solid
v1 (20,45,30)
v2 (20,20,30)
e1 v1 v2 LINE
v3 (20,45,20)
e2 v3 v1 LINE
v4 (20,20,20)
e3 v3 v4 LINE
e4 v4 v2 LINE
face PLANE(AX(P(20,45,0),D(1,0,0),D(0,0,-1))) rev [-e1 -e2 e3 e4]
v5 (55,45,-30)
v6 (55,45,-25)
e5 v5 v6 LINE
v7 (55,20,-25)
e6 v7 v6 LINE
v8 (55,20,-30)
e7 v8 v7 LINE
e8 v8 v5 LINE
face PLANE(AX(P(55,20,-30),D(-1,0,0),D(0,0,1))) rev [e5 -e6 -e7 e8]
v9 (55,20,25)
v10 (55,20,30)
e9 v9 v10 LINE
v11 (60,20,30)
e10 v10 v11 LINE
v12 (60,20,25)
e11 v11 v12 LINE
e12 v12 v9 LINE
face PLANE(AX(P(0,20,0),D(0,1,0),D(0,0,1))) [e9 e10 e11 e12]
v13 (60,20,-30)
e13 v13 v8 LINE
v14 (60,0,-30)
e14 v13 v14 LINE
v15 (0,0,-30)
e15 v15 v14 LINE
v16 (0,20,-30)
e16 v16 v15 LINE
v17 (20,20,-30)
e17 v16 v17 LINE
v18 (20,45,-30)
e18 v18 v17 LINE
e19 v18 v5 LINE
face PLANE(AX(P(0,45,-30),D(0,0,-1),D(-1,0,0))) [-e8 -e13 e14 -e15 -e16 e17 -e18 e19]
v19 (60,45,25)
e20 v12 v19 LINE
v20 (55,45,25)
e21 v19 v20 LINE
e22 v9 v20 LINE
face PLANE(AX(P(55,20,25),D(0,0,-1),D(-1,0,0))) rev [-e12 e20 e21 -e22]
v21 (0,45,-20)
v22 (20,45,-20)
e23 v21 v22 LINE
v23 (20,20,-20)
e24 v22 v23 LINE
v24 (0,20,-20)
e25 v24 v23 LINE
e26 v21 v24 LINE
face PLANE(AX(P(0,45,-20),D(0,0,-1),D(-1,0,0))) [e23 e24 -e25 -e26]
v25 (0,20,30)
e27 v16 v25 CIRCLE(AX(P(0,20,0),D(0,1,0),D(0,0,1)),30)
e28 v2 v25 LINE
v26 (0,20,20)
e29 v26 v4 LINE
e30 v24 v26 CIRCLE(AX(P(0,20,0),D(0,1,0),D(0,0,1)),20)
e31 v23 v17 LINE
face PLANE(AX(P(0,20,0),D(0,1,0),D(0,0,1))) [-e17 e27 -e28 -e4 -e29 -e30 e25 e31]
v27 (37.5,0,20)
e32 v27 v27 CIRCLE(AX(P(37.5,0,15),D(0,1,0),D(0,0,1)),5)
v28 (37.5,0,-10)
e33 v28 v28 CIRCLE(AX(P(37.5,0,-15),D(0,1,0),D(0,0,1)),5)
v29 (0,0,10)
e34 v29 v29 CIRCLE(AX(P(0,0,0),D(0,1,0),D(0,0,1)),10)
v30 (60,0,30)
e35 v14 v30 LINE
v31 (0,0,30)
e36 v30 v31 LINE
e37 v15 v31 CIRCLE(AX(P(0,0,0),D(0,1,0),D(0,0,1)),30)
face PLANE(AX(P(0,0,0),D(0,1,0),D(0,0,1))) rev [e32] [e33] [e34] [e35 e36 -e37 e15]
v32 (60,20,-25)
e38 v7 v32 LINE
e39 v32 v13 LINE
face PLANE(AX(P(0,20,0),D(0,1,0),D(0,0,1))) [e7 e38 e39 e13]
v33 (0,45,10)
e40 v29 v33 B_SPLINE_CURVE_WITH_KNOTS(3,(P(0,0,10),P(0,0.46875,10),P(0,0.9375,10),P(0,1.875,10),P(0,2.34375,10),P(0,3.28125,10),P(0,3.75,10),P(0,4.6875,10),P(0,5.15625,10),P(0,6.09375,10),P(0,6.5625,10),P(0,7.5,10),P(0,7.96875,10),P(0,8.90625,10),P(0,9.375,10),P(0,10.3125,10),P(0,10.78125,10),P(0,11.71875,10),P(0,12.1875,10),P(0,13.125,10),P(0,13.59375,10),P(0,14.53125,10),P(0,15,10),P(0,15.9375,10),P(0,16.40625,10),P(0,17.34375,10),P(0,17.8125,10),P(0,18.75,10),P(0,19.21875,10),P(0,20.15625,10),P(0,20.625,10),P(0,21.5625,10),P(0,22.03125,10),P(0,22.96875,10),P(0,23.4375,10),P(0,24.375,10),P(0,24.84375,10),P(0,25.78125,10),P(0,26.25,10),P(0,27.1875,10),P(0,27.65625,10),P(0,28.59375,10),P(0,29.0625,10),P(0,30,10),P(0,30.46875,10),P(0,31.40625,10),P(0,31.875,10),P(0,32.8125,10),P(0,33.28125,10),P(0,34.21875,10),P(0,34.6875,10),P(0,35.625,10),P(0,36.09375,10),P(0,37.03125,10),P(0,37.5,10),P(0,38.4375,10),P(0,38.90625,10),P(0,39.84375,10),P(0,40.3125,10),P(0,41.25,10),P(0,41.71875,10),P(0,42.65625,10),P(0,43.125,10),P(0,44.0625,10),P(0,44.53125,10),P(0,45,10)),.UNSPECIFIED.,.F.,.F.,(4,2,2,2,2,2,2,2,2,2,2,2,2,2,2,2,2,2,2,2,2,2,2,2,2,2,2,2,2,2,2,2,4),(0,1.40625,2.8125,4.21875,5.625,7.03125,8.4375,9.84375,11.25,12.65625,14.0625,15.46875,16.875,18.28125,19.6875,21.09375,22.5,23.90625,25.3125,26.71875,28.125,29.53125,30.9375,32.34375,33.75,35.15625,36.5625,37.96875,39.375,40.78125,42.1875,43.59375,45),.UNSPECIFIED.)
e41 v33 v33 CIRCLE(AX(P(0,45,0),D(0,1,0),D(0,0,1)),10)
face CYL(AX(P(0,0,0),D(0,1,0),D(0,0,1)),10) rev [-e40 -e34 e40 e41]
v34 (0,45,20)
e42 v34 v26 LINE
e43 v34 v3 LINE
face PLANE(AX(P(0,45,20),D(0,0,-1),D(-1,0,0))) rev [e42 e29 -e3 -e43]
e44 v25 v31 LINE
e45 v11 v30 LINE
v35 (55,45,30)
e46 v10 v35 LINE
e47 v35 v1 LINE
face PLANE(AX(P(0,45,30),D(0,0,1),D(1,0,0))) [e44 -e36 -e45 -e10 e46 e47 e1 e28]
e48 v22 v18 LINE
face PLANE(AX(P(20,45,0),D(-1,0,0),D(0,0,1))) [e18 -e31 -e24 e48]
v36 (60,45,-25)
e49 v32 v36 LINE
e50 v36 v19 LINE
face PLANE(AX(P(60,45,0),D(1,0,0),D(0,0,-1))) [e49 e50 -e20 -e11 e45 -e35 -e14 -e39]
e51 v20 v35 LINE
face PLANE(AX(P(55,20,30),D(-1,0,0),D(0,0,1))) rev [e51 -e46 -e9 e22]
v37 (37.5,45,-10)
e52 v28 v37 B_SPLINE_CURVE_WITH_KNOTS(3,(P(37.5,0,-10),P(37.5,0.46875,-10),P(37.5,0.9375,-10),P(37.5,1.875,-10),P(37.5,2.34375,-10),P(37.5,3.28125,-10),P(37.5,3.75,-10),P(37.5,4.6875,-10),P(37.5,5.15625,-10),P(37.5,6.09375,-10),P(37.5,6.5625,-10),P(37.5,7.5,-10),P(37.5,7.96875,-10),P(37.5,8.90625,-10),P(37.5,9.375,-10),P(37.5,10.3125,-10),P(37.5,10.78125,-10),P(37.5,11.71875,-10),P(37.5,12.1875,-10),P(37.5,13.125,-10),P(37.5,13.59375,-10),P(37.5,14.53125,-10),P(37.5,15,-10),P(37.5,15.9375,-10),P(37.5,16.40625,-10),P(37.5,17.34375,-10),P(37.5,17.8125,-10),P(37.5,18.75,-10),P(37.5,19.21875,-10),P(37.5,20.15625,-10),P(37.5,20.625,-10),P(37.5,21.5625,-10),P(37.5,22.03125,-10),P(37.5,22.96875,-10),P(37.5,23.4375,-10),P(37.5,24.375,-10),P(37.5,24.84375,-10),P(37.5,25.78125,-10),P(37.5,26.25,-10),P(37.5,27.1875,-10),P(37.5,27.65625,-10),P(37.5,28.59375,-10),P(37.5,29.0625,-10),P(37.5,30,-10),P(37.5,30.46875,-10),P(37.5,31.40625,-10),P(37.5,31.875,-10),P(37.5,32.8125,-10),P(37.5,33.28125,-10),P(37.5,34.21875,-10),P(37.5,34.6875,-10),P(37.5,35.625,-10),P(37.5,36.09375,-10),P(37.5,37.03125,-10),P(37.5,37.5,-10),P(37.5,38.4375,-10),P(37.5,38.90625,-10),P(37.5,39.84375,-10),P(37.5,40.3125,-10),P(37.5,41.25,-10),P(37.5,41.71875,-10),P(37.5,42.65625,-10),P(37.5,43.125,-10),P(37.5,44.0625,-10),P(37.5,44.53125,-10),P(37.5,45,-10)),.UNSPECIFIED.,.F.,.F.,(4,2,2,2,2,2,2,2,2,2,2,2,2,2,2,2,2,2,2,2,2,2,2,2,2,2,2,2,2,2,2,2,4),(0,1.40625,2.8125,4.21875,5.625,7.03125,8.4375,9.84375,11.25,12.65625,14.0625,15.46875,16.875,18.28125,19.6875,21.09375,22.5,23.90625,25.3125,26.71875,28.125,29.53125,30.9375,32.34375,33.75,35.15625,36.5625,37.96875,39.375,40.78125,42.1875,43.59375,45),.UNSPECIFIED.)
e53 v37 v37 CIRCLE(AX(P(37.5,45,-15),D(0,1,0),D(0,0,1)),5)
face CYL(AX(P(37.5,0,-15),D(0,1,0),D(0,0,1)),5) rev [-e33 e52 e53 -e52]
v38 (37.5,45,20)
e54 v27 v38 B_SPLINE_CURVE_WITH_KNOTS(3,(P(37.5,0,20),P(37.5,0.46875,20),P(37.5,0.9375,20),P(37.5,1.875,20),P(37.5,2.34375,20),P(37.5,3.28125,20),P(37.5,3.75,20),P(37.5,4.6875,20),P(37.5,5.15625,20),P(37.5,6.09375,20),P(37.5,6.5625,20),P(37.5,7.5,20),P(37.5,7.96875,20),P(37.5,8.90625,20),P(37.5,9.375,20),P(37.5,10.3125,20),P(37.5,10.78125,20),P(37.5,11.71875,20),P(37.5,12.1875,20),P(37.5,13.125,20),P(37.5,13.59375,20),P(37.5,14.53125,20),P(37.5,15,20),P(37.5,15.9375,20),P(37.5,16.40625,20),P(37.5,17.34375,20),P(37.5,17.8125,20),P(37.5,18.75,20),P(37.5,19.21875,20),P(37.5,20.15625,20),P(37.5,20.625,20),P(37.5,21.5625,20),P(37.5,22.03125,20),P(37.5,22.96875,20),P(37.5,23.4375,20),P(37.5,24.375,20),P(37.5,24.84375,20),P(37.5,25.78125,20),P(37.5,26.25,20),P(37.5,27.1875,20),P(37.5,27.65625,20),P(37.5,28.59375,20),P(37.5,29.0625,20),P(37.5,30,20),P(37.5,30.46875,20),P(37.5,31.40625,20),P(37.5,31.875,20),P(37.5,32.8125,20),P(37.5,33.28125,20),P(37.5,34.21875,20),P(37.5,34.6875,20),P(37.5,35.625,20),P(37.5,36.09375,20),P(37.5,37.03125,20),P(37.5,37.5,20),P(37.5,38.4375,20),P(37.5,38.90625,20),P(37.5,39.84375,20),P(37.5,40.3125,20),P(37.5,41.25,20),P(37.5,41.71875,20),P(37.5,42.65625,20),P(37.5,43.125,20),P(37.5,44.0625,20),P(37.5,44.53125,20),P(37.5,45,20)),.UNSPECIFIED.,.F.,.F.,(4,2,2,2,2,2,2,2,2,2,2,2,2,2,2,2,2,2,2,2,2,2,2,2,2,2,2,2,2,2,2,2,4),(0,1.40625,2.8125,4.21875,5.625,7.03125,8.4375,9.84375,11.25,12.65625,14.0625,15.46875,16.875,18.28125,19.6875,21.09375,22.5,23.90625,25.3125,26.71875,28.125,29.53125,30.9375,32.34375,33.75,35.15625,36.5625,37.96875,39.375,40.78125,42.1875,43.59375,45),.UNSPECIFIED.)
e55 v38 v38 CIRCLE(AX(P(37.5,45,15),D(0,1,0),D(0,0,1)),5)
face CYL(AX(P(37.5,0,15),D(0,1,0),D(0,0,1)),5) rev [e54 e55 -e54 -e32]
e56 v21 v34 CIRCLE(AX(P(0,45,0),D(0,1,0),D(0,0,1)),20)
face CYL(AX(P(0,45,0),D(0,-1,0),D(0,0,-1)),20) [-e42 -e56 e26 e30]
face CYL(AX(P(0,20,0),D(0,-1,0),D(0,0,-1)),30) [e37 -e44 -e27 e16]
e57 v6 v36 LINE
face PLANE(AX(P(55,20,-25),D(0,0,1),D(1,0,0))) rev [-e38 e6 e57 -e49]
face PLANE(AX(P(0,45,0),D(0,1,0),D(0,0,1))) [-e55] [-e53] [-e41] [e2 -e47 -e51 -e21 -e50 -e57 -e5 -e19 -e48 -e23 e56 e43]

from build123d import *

# Parameters (mm, degrees)
BOSS_EXTRUDE2_DEPTH = 45
BOSS_EXTRUDE3_DEPTH = 20
SKETCH3_W           = 5
SKETCH3_H           = 5
CUT_EXTRUDE1_DEPTH  = 25
SKETCH4_R           = 10
SKETCH4_R_2         = 5
CUT_EXTRUDE2_DEPTH  = 81.777472107


with BuildPart() as part:
    # Sketch1 → Boss-Extrude2 (new body)
    with BuildSketch(Plane(origin=(0, 0, 0), x_dir=(1, 0, 0), z_dir=(0, 1, 0))):
        with BuildLine():
            Line((60, 30), (20, 30))
            Line((20, 30), (20, 20))
            Line((20, 20), (0, 20))
            ThreePointArc((0, 20), (-20, 0), (0, -20))
            Line((0, -20), (20, -20))
            Line((20, -20), (20, -30))
            Line((20, -30), (60, -30))
            Line((60, -30), (60, 30))
        make_face()
    extrude(amount=BOSS_EXTRUDE2_DEPTH)

    # Sketch1<3> → Boss-Extrude3 (add)
    with BuildSketch(Plane(origin=(0, 0, 0), x_dir=(1, 0, 0), z_dir=(0, 1, 0))):
        with BuildLine():
            Line((20, 30), (0, 30))
            ThreePointArc((0, 30), (-30, 0), (0, -30))
            Line((0, -30), (20, -30))
            Line((20, -30), (20, -20))
            Line((20, -20), (0, -20))
            ThreePointArc((0, -20), (-20, 0), (0, 20))
            Line((0, 20), (20, 20))
            Line((20, 20), (20, 30))
        make_face()
    extrude(amount=BOSS_EXTRUDE3_DEPTH)

    # Sketch3 → Cut-Extrude1 (cut)
    with BuildSketch(Plane(origin=(0, 45, 0), x_dir=(1, 0, 0), z_dir=(0, 1, 0))):
        with Locations((57.5, -27.5)):
            Rectangle(SKETCH3_W, SKETCH3_H)
        with Locations((57.5, 27.5)):
            Rectangle(SKETCH3_W, SKETCH3_H)
    extrude(amount=-CUT_EXTRUDE1_DEPTH, mode=Mode.SUBTRACT)

    # Sketch4 → Cut-Extrude2 (cut, through all)
    with BuildSketch(Plane(origin=(0, 45, 0), x_dir=(1, 0, 0), z_dir=(0, 1, 0))):
        Circle(SKETCH4_R)
        with Locations((37.5, 15)):
            Circle(SKETCH4_R_2)
        with Locations((37.5, -15)):
            Circle(SKETCH4_R_2)
    extrude(amount=-CUT_EXTRUDE2_DEPTH, mode=Mode.SUBTRACT)


solid = part.part
